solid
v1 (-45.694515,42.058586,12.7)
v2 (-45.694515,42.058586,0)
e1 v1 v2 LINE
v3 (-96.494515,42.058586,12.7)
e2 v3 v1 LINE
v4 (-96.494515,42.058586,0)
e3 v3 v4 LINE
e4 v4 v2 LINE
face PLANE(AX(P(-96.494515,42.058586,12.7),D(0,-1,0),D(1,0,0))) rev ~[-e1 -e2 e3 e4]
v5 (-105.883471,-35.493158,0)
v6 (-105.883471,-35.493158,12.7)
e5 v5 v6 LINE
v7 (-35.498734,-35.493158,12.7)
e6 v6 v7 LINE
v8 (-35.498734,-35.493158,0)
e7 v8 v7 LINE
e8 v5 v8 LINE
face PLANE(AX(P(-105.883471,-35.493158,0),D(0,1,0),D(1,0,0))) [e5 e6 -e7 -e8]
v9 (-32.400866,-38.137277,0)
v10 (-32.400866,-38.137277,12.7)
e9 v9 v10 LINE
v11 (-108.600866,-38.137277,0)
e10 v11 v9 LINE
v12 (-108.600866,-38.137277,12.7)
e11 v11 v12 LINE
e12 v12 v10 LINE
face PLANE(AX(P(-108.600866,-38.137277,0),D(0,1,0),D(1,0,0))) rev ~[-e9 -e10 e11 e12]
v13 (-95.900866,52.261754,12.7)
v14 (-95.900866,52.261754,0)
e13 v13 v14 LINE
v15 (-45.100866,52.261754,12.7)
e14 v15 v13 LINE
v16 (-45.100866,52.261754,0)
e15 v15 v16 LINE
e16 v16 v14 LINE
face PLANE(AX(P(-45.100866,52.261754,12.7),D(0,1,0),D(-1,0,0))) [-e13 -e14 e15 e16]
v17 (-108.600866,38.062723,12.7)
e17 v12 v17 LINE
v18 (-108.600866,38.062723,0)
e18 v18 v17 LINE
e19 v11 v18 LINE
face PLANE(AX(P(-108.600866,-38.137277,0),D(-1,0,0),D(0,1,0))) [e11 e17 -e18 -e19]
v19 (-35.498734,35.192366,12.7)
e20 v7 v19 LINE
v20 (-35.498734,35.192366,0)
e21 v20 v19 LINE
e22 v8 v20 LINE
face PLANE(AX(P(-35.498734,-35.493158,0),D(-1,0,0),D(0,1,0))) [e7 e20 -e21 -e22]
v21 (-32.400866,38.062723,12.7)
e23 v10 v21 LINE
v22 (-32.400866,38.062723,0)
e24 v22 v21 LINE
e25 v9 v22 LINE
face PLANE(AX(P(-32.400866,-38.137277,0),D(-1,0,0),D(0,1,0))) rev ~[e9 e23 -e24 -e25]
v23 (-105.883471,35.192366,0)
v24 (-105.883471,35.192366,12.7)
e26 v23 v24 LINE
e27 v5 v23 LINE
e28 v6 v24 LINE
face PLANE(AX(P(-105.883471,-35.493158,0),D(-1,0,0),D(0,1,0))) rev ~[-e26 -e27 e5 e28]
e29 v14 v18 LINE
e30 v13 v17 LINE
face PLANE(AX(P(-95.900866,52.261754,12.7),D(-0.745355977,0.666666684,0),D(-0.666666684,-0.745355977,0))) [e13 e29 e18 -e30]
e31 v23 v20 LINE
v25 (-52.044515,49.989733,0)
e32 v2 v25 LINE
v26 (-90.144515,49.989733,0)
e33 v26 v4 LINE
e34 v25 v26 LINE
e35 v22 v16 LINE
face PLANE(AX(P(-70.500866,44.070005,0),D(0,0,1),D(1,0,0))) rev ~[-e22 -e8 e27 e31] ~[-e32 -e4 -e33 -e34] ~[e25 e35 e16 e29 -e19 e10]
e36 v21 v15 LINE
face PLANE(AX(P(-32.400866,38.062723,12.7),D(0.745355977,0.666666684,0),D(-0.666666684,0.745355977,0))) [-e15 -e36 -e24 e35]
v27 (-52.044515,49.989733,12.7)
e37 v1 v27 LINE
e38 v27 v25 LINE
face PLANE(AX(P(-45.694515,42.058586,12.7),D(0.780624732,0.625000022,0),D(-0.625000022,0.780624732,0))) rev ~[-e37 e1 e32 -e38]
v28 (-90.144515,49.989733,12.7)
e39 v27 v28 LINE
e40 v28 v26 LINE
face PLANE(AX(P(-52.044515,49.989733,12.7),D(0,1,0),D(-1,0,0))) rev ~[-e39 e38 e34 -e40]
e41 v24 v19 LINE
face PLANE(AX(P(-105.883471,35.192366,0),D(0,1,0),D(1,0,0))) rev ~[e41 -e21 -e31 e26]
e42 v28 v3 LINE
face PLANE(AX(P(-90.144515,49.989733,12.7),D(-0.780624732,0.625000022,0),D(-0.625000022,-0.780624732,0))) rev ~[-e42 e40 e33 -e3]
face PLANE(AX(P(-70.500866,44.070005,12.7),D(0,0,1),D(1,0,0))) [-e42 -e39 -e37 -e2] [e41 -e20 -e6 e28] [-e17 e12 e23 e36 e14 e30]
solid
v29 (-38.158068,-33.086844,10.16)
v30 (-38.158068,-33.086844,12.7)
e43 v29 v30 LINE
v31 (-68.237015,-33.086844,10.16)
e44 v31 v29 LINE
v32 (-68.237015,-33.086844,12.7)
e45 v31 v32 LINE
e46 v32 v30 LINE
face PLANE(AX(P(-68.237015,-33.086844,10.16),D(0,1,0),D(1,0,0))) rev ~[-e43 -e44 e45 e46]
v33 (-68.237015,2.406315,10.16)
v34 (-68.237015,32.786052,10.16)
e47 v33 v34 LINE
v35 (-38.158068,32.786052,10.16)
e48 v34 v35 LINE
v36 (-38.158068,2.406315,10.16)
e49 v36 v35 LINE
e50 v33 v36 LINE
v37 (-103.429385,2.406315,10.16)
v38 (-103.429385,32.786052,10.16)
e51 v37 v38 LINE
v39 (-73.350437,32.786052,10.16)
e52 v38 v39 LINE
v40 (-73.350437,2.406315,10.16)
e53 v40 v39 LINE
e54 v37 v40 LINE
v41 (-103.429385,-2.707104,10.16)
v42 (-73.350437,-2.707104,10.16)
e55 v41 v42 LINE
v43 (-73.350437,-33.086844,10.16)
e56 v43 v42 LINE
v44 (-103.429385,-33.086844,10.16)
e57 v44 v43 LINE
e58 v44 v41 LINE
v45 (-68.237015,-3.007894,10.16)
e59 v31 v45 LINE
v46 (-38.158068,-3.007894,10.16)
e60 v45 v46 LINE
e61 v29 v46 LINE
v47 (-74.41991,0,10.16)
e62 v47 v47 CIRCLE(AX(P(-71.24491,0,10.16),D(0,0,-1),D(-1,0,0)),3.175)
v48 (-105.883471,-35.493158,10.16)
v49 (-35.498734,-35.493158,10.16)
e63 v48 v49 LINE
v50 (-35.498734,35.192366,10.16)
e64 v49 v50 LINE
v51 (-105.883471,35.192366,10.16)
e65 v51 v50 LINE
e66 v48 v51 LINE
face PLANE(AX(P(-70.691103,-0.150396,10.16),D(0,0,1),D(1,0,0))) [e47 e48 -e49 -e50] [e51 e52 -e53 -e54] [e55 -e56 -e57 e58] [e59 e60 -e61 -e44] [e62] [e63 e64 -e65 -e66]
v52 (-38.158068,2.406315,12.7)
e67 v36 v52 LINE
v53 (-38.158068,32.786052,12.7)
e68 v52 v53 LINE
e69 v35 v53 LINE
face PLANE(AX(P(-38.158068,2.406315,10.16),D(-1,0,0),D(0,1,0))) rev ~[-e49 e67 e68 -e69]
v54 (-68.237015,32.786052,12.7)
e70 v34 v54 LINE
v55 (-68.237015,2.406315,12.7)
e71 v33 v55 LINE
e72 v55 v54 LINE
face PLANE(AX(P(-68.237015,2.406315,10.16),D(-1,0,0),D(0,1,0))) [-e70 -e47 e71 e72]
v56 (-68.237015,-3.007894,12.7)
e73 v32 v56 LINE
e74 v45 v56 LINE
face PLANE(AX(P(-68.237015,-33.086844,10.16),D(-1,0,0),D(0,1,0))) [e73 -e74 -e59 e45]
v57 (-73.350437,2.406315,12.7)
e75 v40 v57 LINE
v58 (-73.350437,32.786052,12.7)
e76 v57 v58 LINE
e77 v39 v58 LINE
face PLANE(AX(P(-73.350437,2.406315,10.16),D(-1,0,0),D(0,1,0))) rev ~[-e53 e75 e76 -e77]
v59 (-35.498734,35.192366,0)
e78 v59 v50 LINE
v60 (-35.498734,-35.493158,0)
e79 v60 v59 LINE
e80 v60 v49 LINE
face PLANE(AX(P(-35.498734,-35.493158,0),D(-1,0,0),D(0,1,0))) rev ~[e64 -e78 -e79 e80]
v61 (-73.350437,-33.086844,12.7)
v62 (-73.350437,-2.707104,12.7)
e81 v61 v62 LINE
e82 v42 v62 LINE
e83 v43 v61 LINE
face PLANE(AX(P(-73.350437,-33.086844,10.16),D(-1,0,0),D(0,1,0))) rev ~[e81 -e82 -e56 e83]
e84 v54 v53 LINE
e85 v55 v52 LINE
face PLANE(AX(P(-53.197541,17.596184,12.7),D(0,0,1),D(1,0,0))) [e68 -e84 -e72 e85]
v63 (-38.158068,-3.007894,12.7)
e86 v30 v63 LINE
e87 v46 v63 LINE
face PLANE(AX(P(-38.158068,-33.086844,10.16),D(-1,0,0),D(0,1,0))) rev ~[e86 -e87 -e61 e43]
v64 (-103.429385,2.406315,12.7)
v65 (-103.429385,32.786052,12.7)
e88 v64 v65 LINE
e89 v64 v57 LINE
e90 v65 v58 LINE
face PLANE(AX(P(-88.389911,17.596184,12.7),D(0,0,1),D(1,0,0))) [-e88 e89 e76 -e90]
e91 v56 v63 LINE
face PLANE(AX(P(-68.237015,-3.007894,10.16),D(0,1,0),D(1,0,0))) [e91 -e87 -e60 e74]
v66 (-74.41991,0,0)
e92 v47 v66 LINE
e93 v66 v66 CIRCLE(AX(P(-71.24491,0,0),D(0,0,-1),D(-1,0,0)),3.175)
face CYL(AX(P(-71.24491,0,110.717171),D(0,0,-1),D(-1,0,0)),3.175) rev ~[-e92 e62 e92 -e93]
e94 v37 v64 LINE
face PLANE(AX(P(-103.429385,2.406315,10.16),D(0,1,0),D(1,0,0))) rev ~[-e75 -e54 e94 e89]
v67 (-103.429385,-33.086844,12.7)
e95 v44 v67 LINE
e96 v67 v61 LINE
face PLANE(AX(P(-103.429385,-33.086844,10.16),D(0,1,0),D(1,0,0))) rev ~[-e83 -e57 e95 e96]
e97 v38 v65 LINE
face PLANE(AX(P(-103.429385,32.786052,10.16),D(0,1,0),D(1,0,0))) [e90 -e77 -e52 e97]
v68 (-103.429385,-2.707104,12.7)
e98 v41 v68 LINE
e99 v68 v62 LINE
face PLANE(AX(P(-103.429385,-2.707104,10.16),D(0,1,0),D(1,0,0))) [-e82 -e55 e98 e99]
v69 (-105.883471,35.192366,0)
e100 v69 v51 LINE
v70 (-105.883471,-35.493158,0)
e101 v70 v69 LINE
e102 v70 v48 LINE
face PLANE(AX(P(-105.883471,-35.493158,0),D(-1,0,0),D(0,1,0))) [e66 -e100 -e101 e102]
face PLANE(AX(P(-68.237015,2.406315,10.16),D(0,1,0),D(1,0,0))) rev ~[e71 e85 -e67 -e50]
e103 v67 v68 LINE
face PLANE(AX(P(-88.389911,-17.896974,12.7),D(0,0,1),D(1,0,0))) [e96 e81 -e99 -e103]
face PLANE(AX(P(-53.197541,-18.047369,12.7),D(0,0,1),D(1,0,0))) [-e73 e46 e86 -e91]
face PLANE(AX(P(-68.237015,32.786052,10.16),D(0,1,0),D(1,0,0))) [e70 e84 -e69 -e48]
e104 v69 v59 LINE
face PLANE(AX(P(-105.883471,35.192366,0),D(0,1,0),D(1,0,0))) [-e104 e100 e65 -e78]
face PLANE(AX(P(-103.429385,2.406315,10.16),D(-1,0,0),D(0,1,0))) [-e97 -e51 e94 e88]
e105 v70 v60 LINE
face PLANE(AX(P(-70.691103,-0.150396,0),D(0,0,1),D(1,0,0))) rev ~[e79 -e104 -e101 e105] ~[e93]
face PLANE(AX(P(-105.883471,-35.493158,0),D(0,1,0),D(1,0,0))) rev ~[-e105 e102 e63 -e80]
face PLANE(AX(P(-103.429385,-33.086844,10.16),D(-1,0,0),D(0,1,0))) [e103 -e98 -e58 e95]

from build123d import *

# Parameters (mm, degrees)
F0_W      = 76.2
F0_H      = 76.2
F0_W_2    = 70.384737
F0_H_2    = 70.685525
F1_DEPTH  = 12.7
F2_DEPTH  = 10.16
F3_W      = 30.078948
F3_H      = 30.379737
F3_H_2    = 30.379739
F3_W_2    = 30.078947
F3_H_3    = 30.078949
F4_DEPTH  = 2.54
F6_D      = 6.35
F9_DEPTH  = 12.7
F10_DEPTH = 12.701


with BuildPart() as f1:
    # F0 (on Top) → F1 (new body)
    with BuildSketch(Plane.XY):
        with Locations((-70.500866, -0.037277)):
            Rectangle(F0_W, F0_H)
        with Locations((-70.691103, -0.150396)):
            Rectangle(F0_W_2, F0_H_2, mode=Mode.SUBTRACT)
    extrude(amount=F1_DEPTH)

    # F7 (on face) → F9 (join)
    with BuildSketch(Plane.XY.offset(12.7)):
        Polygon((-95.900866, 52.261754), (-108.600866, 38.062723), (-32.400866, 38.062723), (-45.100866, 52.261754), align=None)
    extrude(amount=-F9_DEPTH)

    # F8 (on face) → F10 (cut, through all)
    with BuildSketch(Plane.XY.offset(12.7)):
        Polygon((-90.144515, 49.989733), (-96.494515, 42.058586), (-45.694515, 42.058586), (-52.044515, 49.989733), align=None)
    extrude(amount=-F10_DEPTH, mode=Mode.SUBTRACT)


with BuildPart() as f2:
    # F0 (on Top) → F2 (new body)
    with BuildSketch(Plane.XY):
        with Locations((-70.691103, -0.150396)):
            Rectangle(F0_W_2, F0_H_2)
    extrude(amount=F2_DEPTH)

    # F3 (on face) → F4 (join)
    with BuildSketch(Plane.XY.offset(10.16)):
        with Locations((-88.389911, 17.596184)):
            Rectangle(F3_W, F3_H)
        with Locations((-88.389911, -17.896974)):
            Rectangle(F3_W, F3_H_2)
        with Locations((-53.197541, -18.047369)):
            Rectangle(F3_W_2, F3_H_3)
        with Locations((-53.197541, 17.596184)):
            Rectangle(F3_W_2, F3_H)
    extrude(amount=F4_DEPTH)

    # F6 (through all)
    with Locations(Plane.XY.offset(10.16)):
        with Locations((-71.24491, 0)):
            Hole(F6_D / 2)


solid = Compound([f1.part, f2.part])
